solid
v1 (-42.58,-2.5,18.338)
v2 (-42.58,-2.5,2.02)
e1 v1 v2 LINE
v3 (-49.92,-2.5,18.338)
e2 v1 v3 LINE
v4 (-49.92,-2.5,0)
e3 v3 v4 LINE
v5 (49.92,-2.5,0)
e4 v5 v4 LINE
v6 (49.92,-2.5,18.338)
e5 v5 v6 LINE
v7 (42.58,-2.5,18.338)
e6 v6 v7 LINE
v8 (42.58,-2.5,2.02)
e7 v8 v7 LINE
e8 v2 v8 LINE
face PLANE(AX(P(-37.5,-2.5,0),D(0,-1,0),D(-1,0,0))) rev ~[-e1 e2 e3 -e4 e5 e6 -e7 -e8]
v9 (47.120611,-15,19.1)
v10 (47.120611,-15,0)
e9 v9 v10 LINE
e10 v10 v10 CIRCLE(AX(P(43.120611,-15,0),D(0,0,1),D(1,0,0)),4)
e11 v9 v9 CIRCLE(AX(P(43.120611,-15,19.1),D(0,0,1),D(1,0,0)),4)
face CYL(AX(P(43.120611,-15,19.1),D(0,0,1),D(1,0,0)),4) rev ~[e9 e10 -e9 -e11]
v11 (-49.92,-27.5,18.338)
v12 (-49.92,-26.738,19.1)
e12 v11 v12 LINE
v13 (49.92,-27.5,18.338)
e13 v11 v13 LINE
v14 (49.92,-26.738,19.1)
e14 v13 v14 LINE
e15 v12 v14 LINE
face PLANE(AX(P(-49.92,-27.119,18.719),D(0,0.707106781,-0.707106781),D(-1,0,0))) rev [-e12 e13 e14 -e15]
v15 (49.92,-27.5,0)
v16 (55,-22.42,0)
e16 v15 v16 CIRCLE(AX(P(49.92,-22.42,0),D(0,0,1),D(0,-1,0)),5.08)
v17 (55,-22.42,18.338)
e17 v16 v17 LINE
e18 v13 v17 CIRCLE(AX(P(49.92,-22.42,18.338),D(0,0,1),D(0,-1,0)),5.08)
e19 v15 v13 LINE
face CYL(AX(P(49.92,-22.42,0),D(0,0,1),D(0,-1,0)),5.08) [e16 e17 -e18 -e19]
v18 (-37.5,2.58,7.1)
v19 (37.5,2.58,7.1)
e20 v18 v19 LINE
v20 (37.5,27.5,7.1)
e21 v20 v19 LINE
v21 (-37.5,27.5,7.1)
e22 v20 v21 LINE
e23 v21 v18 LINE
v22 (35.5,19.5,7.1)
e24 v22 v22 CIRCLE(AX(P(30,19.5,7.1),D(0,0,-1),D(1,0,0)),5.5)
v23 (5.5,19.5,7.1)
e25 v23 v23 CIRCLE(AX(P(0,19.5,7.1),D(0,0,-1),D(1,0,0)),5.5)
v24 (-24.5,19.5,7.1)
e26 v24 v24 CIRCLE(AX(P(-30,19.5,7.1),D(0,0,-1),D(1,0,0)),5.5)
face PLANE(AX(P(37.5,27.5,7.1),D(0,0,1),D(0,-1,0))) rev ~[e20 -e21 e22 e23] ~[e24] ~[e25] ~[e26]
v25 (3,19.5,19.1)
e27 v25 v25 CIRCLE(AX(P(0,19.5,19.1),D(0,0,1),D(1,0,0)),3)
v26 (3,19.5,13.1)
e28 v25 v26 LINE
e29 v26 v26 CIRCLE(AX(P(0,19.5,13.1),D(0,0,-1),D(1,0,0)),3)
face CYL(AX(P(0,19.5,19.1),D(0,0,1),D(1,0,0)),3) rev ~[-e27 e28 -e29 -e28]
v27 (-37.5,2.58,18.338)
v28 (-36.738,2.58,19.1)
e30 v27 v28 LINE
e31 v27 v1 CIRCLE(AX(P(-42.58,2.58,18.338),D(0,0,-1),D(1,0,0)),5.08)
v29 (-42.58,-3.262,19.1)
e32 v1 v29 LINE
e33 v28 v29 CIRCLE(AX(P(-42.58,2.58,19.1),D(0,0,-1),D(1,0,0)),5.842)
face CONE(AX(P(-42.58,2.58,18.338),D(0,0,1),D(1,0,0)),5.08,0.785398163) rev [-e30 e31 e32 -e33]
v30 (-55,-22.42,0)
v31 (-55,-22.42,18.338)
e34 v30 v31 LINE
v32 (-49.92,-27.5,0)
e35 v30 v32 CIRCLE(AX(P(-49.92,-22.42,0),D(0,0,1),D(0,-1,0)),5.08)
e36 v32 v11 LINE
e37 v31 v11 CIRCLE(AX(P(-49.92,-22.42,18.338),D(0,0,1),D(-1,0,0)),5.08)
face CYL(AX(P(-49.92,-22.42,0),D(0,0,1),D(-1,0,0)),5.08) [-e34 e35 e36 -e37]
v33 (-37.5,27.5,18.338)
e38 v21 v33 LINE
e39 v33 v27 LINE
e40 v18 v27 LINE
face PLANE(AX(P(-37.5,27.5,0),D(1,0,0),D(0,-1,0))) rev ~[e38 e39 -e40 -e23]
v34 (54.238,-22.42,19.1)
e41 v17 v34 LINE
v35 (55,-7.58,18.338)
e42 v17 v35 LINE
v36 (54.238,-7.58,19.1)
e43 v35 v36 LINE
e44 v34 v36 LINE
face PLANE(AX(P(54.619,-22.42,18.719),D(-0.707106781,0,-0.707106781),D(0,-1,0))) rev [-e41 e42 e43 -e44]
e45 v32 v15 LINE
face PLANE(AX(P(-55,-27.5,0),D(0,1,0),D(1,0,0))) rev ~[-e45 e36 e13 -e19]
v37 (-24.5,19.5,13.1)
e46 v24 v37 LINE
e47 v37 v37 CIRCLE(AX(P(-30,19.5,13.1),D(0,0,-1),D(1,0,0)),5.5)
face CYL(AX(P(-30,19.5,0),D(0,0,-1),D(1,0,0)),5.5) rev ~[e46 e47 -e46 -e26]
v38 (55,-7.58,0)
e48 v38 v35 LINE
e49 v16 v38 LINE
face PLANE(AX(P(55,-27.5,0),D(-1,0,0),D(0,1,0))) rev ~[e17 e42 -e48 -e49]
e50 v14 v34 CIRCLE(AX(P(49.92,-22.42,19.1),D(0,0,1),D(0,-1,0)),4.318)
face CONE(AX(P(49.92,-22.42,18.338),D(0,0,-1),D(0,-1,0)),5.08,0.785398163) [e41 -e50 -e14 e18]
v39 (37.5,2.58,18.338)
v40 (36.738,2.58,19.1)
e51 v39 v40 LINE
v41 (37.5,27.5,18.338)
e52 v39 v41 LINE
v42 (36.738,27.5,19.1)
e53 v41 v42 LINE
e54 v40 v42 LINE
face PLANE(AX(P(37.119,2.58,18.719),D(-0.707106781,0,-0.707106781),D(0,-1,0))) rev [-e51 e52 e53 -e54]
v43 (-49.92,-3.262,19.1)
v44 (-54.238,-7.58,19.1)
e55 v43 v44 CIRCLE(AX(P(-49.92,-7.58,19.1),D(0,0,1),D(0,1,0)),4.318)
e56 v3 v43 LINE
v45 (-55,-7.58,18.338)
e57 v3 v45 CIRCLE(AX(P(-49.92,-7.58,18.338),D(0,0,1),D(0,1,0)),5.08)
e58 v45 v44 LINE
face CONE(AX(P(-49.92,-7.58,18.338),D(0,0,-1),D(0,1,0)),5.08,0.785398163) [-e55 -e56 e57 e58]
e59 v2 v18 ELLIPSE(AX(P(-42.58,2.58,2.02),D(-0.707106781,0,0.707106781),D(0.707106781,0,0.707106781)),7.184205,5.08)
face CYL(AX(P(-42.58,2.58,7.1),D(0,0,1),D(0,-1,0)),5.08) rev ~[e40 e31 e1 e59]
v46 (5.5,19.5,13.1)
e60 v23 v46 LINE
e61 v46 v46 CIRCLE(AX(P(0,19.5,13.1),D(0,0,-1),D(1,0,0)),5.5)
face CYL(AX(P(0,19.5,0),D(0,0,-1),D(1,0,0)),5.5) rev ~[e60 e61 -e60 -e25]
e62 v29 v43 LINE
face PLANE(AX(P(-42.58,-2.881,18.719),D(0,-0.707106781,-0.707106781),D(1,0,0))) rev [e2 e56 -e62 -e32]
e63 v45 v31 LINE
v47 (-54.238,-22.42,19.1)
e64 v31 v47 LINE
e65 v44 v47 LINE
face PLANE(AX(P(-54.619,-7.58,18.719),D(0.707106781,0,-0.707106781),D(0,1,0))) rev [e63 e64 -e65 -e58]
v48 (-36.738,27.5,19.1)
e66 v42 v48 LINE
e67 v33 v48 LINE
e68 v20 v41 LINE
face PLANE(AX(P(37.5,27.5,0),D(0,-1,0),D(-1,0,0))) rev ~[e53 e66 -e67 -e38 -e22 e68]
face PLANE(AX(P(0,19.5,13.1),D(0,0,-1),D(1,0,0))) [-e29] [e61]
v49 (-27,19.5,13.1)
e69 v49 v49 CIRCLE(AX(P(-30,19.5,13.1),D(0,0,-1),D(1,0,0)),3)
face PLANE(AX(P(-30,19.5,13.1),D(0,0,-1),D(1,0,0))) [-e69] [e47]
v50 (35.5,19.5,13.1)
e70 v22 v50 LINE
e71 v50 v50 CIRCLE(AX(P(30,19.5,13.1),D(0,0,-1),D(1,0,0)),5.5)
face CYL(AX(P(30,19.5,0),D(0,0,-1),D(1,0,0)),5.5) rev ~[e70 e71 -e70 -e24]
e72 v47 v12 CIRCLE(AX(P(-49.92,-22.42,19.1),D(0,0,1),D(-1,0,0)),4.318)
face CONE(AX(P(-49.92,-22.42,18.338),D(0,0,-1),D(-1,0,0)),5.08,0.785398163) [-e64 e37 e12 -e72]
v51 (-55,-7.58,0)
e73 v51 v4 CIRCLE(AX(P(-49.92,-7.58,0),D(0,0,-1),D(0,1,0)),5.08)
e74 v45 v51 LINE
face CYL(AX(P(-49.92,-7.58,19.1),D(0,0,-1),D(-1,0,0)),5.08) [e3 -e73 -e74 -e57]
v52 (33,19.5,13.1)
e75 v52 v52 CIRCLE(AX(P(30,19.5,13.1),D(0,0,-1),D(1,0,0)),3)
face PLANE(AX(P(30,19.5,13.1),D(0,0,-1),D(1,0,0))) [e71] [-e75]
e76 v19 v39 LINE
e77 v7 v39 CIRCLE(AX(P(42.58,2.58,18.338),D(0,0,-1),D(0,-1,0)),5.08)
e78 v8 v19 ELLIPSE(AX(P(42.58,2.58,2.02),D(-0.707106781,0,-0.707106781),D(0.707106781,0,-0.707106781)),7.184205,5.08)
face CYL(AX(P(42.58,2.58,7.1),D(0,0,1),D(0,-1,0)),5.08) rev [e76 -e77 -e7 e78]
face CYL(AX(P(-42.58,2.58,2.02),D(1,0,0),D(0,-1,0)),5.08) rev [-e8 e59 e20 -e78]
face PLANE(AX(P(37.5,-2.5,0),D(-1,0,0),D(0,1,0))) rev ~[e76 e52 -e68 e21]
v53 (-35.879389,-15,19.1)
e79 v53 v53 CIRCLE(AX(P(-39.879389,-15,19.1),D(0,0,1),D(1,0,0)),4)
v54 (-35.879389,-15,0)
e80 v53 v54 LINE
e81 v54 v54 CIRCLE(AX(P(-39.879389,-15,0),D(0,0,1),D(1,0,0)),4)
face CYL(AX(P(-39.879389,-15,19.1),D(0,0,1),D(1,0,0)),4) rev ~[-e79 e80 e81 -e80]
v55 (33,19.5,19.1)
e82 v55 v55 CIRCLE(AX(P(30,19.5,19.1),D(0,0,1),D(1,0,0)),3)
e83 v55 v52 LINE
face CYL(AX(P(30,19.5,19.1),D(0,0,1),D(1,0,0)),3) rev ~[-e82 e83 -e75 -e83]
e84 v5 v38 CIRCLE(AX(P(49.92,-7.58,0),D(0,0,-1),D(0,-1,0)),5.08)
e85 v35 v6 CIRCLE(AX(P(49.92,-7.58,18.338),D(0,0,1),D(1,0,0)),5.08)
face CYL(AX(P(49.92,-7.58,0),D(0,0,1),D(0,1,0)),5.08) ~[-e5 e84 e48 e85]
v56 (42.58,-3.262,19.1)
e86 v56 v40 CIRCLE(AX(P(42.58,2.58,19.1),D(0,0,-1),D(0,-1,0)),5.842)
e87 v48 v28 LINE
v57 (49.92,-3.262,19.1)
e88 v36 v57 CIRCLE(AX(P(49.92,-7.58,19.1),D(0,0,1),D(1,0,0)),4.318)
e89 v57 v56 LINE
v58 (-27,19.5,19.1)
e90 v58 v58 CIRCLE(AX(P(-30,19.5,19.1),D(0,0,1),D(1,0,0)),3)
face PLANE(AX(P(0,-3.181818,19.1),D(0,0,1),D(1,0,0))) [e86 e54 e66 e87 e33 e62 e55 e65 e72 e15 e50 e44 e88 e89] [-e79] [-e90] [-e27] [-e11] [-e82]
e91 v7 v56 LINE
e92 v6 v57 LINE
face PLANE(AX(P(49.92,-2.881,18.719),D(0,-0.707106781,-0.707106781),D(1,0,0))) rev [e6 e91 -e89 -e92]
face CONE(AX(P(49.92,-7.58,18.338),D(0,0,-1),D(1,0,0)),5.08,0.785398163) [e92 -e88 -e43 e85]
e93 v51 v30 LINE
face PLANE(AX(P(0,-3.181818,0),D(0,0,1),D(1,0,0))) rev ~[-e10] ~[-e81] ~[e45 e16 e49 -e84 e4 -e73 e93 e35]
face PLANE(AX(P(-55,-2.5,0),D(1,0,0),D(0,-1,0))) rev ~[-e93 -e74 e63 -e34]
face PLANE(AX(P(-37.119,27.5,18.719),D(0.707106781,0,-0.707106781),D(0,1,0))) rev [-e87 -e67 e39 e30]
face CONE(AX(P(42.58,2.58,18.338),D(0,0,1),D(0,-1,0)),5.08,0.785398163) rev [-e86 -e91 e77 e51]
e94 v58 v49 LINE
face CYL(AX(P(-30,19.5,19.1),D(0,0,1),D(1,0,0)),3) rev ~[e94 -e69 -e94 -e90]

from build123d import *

# Parameters (mm, degrees)
F1_DEPTH = 19.1
F2_R     = 3
F3_DEPTH = 19.101
F4_R     = 5.5
F4_R_2   = 3
F5_DEPTH = 13.1
F7_DEPTH = 92.501
F8_R     = 4
F9_DEPTH = 19.101
F10_R    = 5.08
F11_R    = 5.08
F12_SIZE = 0.762


with BuildPart() as f1:
    # F0 (on Top) → F1 (new body)
    with BuildSketch(Plane.XY):
        Polygon((-55, -2.5), (-55, -27.5), (55, -27.5), (55, -2.5), (37.5, -2.5), (37.5, 27.5), (-37.5, 27.5), (-37.5, -2.5), align=None)
    extrude(amount=F1_DEPTH)

    # F2 (on face) → F3 (cut, through all)
    with BuildSketch(Plane.XY.offset(19.1)):
        with Locations((-30, 19.5)):
            Circle(F2_R)
        with Locations((0, 19.5)):
            Circle(F2_R)
        with Locations((30, 19.5)):
            Circle(F2_R)
    extrude(amount=-F3_DEPTH, mode=Mode.SUBTRACT)

    # F4 (on face) → F5 (cut)
    with BuildSketch(Plane(origin=(0, 0, 0), x_dir=(1, 0, 0), z_dir=(0, 0, -1))):
        with Locations((-30, -19.5)):
            Circle(F4_R)
        with Locations((-30, -19.5)):
            Circle(F4_R_2, mode=Mode.SUBTRACT)
        with Locations((0, -19.5)):
            Circle(F4_R)
        with Locations((0, -19.5)):
            Circle(F4_R_2, mode=Mode.SUBTRACT)
        with Locations((30, -19.5)):
            Circle(F4_R)
        with Locations((30, -19.5)):
            Circle(F4_R_2, mode=Mode.SUBTRACT)
    extrude(amount=-F5_DEPTH, mode=Mode.SUBTRACT)

    # F6 (on face) → F7 (cut, through all)
    with BuildSketch(Plane.YZ.offset(37.5)):
        Polygon((27.5, 7.1), (14.2632350326, 7.1), (-2.5, 7.1), (-2.5, 0), (27.5, 0), align=None)
    extrude(amount=-F7_DEPTH, mode=Mode.SUBTRACT)

    # F8 (on face) → F9 (cut, through all)
    with BuildSketch(Plane.XY.offset(19.1)):
        with Locations((-39.879388541, -15)):
            Circle(F8_R)
        with Locations((43.120611459, -15)):
            Circle(F8_R)
    extrude(amount=-F9_DEPTH, mode=Mode.SUBTRACT)

    # F10
    f10_edges = [f1.edges().sort_by_distance(p)[0] for p in [
        (55, -2.5, 9.55),
        (37.5, -2.5, 13.1),
        (-37.5, -2.5, 13.1),
        (-55, -2.5, 9.55),
        (55, -27.5, 9.55),
        (-55, -27.5, 9.55),
    ]]
    fillet(f10_edges, radius=F10_R)

    # F11
    f11_edges = [f1.edges().sort_by_distance(p)[0] for p in [
        (0, -2.5, 7.1),
    ]]
    fillet(f11_edges, radius=F11_R)

    # F12
    f12_edges = [f1.edges().sort_by_distance(p)[0] for p in [
        (0, -27.5, 19.1),
    ]]
    chamfer(f12_edges, length=F12_SIZE)


solid = f1.part
